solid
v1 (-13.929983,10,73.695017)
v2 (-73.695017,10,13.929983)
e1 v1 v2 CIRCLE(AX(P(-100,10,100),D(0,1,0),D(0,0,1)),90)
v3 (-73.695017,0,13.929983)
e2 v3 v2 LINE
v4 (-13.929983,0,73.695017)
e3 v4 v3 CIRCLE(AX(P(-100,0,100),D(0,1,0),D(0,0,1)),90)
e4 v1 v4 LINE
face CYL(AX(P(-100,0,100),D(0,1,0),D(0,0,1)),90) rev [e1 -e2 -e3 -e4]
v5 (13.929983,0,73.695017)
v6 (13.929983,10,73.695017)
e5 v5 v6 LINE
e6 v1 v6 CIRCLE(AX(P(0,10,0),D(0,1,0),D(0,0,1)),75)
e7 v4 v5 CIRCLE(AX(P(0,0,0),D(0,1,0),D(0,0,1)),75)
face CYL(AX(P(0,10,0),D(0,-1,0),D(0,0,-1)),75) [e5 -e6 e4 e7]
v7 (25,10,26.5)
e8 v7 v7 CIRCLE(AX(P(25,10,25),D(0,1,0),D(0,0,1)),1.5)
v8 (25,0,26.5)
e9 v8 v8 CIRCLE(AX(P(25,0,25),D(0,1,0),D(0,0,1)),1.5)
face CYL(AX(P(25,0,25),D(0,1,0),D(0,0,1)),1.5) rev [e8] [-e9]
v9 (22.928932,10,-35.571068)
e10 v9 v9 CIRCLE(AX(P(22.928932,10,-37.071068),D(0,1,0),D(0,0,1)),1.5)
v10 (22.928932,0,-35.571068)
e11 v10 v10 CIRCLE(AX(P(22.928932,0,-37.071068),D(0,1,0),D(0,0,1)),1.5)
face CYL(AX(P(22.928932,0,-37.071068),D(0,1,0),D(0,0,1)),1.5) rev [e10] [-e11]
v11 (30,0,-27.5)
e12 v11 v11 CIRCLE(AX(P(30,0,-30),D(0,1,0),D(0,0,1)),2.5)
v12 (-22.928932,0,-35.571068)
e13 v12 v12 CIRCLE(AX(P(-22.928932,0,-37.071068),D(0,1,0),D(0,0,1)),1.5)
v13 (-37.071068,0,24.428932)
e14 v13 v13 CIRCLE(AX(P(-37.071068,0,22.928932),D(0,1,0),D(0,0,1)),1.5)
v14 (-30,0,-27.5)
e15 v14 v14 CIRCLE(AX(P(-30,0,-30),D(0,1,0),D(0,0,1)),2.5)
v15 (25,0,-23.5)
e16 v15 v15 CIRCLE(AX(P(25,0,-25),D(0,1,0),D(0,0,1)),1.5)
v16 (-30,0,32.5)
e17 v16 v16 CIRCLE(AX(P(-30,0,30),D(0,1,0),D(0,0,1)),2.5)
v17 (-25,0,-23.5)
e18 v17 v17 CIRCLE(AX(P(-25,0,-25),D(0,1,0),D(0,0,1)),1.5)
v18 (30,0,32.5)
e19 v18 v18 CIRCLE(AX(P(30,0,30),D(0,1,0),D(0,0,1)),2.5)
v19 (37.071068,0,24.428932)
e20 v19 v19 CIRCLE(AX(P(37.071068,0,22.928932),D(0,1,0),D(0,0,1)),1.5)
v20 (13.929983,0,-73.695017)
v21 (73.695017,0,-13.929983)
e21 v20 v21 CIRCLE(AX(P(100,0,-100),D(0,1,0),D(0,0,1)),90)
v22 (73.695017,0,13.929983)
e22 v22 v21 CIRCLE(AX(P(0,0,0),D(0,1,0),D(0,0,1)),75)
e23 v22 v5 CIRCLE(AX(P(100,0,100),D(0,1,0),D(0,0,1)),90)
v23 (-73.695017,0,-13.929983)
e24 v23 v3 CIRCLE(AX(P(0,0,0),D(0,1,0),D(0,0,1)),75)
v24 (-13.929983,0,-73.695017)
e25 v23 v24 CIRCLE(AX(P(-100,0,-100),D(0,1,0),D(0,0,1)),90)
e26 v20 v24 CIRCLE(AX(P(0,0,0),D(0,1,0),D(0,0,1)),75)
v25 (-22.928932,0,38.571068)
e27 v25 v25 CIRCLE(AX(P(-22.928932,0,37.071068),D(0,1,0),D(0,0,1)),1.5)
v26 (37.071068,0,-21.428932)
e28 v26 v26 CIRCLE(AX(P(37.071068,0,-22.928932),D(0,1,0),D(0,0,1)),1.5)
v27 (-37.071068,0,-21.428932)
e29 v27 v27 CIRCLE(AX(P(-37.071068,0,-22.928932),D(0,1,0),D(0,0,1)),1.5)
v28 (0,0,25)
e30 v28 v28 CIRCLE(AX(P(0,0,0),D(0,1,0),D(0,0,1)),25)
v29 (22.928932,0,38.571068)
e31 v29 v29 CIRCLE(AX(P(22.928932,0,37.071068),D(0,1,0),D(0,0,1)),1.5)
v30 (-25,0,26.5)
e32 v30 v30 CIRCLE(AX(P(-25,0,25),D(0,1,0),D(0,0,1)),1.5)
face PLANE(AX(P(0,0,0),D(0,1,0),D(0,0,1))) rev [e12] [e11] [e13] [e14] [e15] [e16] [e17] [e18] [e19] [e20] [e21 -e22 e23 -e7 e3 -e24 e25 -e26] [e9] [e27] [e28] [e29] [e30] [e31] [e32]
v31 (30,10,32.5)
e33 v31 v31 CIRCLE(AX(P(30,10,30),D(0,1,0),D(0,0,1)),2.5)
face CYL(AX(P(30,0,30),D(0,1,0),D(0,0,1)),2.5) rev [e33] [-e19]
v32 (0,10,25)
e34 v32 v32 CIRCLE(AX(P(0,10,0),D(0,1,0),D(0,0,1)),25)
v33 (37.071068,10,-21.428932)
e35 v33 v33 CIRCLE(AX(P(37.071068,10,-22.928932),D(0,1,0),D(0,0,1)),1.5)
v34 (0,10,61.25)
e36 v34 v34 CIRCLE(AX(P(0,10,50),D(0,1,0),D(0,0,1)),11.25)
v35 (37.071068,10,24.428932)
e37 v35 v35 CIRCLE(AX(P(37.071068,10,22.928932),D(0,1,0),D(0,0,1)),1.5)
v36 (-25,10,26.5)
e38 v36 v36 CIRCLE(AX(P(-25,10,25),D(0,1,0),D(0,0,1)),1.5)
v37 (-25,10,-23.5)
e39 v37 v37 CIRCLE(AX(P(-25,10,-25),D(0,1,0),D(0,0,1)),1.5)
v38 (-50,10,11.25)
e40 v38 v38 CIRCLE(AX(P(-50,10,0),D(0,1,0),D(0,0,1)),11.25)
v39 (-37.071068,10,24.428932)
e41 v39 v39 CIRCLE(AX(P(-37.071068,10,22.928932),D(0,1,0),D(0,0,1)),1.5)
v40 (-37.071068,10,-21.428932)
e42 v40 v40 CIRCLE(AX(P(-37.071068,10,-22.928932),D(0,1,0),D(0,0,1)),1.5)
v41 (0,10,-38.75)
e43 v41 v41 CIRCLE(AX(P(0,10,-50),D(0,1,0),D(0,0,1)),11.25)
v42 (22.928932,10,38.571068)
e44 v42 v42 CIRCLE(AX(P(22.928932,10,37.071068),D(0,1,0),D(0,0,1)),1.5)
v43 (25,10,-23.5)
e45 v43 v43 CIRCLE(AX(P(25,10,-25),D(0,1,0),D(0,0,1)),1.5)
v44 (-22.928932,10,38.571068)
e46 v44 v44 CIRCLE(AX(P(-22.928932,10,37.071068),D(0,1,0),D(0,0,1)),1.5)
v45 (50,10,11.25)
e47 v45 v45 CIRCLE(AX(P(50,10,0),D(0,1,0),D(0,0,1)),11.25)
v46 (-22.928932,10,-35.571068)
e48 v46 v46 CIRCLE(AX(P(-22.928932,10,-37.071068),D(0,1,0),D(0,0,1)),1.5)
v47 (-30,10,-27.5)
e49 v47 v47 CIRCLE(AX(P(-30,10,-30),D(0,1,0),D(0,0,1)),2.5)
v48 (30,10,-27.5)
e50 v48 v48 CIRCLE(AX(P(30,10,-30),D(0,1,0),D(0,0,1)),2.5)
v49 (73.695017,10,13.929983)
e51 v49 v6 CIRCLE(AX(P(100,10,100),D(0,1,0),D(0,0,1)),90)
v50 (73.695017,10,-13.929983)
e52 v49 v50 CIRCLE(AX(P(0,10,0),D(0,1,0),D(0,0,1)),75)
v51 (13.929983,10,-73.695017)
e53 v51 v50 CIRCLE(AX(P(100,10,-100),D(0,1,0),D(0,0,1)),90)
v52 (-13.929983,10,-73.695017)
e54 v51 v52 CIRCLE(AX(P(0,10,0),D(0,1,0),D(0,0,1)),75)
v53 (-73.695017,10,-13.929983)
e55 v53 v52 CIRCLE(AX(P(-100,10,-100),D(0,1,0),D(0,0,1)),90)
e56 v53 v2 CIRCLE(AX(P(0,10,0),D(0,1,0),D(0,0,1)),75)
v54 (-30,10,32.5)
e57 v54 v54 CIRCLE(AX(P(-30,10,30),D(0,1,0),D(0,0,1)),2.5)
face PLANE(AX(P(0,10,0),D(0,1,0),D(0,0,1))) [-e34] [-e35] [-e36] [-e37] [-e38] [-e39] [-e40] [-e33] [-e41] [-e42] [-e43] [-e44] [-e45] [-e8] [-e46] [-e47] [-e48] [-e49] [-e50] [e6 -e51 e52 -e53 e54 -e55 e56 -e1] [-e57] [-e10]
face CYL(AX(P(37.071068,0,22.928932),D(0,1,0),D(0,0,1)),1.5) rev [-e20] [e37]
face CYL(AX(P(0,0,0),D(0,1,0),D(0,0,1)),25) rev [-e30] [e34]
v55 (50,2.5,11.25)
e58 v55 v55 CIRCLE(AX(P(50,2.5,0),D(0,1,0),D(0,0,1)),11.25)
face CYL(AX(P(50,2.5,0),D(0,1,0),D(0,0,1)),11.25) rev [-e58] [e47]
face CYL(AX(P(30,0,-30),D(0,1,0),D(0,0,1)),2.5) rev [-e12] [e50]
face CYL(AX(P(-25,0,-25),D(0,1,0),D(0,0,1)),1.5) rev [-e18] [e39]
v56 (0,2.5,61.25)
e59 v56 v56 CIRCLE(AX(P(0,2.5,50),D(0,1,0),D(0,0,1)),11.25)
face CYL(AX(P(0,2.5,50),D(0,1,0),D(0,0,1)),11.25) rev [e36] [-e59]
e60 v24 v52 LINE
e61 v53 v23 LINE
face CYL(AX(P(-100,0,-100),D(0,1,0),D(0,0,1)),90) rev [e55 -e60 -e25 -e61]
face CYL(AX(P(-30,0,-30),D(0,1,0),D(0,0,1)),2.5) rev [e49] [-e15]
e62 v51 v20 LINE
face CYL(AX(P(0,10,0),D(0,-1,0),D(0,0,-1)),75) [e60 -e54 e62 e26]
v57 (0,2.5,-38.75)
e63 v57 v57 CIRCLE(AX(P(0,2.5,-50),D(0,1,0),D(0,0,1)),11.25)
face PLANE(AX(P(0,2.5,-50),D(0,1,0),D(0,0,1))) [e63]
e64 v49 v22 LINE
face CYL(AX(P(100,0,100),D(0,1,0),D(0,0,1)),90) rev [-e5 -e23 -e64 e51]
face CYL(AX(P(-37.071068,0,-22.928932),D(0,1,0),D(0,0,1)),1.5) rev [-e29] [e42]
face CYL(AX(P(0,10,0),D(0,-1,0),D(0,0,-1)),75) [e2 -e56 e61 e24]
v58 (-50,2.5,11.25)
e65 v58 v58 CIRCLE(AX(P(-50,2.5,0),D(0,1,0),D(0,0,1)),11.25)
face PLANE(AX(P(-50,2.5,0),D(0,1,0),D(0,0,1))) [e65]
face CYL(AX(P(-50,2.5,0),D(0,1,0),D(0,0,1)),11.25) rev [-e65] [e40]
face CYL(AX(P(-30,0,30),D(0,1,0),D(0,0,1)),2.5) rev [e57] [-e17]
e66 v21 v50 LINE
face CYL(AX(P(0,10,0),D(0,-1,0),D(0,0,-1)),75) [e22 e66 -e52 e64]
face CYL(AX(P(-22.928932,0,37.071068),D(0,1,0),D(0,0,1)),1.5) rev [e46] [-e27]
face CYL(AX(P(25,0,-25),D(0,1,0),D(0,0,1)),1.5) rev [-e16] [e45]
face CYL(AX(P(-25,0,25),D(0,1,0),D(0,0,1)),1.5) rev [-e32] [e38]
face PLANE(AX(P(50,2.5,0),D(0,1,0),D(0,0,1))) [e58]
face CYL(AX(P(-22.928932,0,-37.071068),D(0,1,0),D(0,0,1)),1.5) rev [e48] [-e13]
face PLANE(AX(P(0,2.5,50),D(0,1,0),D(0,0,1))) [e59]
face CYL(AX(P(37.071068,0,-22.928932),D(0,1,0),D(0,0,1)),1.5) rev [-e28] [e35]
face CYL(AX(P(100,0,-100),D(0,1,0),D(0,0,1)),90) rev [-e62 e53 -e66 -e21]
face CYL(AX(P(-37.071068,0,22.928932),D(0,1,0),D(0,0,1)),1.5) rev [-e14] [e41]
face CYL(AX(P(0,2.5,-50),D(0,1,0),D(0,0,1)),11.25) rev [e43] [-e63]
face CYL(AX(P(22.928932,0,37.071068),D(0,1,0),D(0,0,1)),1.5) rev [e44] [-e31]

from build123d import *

# Parameters (mm, degrees)
SKETCH1_R           = 75
BOSS_EXTRUDE1_DEPTH = 10
SKETCH4_R           = 90
CUT_EXTRUDE2_DEPTH  = 10
SKETCH5_R           = 2.5
SKETCH5_R_2         = 25
SKETCH5_R_3         = 1.5
CUT_EXTRUDE3_DEPTH  = 10
SKETCH6_R           = 1.5
CUT_EXTRUDE4_DEPTH  = 10
SKETCH8_R           = 11.25
CUT_EXTRUDE5_DEPTH  = 7.5


with BuildPart() as part:
    # Sketch1 → Boss-Extrude1 (new body)
    with BuildSketch(Plane(origin=(0, 0, 0), x_dir=(1, 0, 0), z_dir=(0, 1, 0))):
        Circle(SKETCH1_R)
    extrude(amount=BOSS_EXTRUDE1_DEPTH)

    # Sketch4 → Cut-Extrude2 (cut)
    with BuildSketch(Plane(origin=(0, 10, 0), x_dir=(1, 0, 0), z_dir=(0, 1, 0))):
        with Locations((-100, 100)):
            Circle(SKETCH4_R)
        with Locations((100, 100)):
            Circle(SKETCH4_R)
        with Locations((100, -100)):
            Circle(SKETCH4_R)
        with Locations((-100, -100)):
            Circle(SKETCH4_R)
    extrude(amount=-CUT_EXTRUDE2_DEPTH, mode=Mode.SUBTRACT)

    # Sketch5 → Cut-Extrude3 (cut)
    with BuildSketch(Plane(origin=(0, 10, 0), x_dir=(1, 0, 0), z_dir=(0, 1, 0))):
        with Locations((-30, 30)):
            Circle(SKETCH5_R)
        with Locations((30, 30)):
            Circle(SKETCH5_R)
        with Locations((30, -30)):
            Circle(SKETCH5_R)
        with Locations((-30, -30)):
            Circle(SKETCH5_R)
        Circle(SKETCH5_R_2)
        with Locations((-37.071067812, -22.928932188)):
            Circle(SKETCH5_R_3)
        with Locations((-22.928932188, -37.071067812)):
            Circle(SKETCH5_R_3)
        with Locations((22.928932188, -37.071067812)):
            Circle(SKETCH5_R_3)
        with Locations((37.071067812, -22.928932188)):
            Circle(SKETCH5_R_3)
        with Locations((37.071067812, 22.928932188)):
            Circle(SKETCH5_R_3)
        with Locations((22.928932188, 37.071067812)):
            Circle(SKETCH5_R_3)
        with Locations((-22.928932188, 37.071067812)):
            Circle(SKETCH5_R_3)
        with Locations((-37.071067812, 22.928932188)):
            Circle(SKETCH5_R_3)
    extrude(amount=-CUT_EXTRUDE3_DEPTH, mode=Mode.SUBTRACT)

    # Sketch6 → Cut-Extrude4 (cut)
    with BuildSketch(Plane(origin=(0, 10, 0), x_dir=(1, 0, 0), z_dir=(0, 1, 0))):
        with Locations((-25, 25)):
            Circle(SKETCH6_R)
        with Locations((25, 25)):
            Circle(SKETCH6_R)
        with Locations((25, -25)):
            Circle(SKETCH6_R)
        with Locations((-25, -25)):
            Circle(SKETCH6_R)
    extrude(amount=-CUT_EXTRUDE4_DEPTH, mode=Mode.SUBTRACT)

    # Sketch8 → Cut-Extrude5 (cut)
    with BuildSketch(Plane(origin=(0, 10, 0), x_dir=(1, 0, 0), z_dir=(0, 1, 0))):
        with Locations((-50, 0)):
            Circle(SKETCH8_R)
        with Locations((0, 50)):
            Circle(SKETCH8_R)
        with Locations((50, 0)):
            Circle(SKETCH8_R)
        with Locations((0, -50)):
            Circle(SKETCH8_R)
    extrude(amount=-CUT_EXTRUDE5_DEPTH, mode=Mode.SUBTRACT)


solid = part.part
